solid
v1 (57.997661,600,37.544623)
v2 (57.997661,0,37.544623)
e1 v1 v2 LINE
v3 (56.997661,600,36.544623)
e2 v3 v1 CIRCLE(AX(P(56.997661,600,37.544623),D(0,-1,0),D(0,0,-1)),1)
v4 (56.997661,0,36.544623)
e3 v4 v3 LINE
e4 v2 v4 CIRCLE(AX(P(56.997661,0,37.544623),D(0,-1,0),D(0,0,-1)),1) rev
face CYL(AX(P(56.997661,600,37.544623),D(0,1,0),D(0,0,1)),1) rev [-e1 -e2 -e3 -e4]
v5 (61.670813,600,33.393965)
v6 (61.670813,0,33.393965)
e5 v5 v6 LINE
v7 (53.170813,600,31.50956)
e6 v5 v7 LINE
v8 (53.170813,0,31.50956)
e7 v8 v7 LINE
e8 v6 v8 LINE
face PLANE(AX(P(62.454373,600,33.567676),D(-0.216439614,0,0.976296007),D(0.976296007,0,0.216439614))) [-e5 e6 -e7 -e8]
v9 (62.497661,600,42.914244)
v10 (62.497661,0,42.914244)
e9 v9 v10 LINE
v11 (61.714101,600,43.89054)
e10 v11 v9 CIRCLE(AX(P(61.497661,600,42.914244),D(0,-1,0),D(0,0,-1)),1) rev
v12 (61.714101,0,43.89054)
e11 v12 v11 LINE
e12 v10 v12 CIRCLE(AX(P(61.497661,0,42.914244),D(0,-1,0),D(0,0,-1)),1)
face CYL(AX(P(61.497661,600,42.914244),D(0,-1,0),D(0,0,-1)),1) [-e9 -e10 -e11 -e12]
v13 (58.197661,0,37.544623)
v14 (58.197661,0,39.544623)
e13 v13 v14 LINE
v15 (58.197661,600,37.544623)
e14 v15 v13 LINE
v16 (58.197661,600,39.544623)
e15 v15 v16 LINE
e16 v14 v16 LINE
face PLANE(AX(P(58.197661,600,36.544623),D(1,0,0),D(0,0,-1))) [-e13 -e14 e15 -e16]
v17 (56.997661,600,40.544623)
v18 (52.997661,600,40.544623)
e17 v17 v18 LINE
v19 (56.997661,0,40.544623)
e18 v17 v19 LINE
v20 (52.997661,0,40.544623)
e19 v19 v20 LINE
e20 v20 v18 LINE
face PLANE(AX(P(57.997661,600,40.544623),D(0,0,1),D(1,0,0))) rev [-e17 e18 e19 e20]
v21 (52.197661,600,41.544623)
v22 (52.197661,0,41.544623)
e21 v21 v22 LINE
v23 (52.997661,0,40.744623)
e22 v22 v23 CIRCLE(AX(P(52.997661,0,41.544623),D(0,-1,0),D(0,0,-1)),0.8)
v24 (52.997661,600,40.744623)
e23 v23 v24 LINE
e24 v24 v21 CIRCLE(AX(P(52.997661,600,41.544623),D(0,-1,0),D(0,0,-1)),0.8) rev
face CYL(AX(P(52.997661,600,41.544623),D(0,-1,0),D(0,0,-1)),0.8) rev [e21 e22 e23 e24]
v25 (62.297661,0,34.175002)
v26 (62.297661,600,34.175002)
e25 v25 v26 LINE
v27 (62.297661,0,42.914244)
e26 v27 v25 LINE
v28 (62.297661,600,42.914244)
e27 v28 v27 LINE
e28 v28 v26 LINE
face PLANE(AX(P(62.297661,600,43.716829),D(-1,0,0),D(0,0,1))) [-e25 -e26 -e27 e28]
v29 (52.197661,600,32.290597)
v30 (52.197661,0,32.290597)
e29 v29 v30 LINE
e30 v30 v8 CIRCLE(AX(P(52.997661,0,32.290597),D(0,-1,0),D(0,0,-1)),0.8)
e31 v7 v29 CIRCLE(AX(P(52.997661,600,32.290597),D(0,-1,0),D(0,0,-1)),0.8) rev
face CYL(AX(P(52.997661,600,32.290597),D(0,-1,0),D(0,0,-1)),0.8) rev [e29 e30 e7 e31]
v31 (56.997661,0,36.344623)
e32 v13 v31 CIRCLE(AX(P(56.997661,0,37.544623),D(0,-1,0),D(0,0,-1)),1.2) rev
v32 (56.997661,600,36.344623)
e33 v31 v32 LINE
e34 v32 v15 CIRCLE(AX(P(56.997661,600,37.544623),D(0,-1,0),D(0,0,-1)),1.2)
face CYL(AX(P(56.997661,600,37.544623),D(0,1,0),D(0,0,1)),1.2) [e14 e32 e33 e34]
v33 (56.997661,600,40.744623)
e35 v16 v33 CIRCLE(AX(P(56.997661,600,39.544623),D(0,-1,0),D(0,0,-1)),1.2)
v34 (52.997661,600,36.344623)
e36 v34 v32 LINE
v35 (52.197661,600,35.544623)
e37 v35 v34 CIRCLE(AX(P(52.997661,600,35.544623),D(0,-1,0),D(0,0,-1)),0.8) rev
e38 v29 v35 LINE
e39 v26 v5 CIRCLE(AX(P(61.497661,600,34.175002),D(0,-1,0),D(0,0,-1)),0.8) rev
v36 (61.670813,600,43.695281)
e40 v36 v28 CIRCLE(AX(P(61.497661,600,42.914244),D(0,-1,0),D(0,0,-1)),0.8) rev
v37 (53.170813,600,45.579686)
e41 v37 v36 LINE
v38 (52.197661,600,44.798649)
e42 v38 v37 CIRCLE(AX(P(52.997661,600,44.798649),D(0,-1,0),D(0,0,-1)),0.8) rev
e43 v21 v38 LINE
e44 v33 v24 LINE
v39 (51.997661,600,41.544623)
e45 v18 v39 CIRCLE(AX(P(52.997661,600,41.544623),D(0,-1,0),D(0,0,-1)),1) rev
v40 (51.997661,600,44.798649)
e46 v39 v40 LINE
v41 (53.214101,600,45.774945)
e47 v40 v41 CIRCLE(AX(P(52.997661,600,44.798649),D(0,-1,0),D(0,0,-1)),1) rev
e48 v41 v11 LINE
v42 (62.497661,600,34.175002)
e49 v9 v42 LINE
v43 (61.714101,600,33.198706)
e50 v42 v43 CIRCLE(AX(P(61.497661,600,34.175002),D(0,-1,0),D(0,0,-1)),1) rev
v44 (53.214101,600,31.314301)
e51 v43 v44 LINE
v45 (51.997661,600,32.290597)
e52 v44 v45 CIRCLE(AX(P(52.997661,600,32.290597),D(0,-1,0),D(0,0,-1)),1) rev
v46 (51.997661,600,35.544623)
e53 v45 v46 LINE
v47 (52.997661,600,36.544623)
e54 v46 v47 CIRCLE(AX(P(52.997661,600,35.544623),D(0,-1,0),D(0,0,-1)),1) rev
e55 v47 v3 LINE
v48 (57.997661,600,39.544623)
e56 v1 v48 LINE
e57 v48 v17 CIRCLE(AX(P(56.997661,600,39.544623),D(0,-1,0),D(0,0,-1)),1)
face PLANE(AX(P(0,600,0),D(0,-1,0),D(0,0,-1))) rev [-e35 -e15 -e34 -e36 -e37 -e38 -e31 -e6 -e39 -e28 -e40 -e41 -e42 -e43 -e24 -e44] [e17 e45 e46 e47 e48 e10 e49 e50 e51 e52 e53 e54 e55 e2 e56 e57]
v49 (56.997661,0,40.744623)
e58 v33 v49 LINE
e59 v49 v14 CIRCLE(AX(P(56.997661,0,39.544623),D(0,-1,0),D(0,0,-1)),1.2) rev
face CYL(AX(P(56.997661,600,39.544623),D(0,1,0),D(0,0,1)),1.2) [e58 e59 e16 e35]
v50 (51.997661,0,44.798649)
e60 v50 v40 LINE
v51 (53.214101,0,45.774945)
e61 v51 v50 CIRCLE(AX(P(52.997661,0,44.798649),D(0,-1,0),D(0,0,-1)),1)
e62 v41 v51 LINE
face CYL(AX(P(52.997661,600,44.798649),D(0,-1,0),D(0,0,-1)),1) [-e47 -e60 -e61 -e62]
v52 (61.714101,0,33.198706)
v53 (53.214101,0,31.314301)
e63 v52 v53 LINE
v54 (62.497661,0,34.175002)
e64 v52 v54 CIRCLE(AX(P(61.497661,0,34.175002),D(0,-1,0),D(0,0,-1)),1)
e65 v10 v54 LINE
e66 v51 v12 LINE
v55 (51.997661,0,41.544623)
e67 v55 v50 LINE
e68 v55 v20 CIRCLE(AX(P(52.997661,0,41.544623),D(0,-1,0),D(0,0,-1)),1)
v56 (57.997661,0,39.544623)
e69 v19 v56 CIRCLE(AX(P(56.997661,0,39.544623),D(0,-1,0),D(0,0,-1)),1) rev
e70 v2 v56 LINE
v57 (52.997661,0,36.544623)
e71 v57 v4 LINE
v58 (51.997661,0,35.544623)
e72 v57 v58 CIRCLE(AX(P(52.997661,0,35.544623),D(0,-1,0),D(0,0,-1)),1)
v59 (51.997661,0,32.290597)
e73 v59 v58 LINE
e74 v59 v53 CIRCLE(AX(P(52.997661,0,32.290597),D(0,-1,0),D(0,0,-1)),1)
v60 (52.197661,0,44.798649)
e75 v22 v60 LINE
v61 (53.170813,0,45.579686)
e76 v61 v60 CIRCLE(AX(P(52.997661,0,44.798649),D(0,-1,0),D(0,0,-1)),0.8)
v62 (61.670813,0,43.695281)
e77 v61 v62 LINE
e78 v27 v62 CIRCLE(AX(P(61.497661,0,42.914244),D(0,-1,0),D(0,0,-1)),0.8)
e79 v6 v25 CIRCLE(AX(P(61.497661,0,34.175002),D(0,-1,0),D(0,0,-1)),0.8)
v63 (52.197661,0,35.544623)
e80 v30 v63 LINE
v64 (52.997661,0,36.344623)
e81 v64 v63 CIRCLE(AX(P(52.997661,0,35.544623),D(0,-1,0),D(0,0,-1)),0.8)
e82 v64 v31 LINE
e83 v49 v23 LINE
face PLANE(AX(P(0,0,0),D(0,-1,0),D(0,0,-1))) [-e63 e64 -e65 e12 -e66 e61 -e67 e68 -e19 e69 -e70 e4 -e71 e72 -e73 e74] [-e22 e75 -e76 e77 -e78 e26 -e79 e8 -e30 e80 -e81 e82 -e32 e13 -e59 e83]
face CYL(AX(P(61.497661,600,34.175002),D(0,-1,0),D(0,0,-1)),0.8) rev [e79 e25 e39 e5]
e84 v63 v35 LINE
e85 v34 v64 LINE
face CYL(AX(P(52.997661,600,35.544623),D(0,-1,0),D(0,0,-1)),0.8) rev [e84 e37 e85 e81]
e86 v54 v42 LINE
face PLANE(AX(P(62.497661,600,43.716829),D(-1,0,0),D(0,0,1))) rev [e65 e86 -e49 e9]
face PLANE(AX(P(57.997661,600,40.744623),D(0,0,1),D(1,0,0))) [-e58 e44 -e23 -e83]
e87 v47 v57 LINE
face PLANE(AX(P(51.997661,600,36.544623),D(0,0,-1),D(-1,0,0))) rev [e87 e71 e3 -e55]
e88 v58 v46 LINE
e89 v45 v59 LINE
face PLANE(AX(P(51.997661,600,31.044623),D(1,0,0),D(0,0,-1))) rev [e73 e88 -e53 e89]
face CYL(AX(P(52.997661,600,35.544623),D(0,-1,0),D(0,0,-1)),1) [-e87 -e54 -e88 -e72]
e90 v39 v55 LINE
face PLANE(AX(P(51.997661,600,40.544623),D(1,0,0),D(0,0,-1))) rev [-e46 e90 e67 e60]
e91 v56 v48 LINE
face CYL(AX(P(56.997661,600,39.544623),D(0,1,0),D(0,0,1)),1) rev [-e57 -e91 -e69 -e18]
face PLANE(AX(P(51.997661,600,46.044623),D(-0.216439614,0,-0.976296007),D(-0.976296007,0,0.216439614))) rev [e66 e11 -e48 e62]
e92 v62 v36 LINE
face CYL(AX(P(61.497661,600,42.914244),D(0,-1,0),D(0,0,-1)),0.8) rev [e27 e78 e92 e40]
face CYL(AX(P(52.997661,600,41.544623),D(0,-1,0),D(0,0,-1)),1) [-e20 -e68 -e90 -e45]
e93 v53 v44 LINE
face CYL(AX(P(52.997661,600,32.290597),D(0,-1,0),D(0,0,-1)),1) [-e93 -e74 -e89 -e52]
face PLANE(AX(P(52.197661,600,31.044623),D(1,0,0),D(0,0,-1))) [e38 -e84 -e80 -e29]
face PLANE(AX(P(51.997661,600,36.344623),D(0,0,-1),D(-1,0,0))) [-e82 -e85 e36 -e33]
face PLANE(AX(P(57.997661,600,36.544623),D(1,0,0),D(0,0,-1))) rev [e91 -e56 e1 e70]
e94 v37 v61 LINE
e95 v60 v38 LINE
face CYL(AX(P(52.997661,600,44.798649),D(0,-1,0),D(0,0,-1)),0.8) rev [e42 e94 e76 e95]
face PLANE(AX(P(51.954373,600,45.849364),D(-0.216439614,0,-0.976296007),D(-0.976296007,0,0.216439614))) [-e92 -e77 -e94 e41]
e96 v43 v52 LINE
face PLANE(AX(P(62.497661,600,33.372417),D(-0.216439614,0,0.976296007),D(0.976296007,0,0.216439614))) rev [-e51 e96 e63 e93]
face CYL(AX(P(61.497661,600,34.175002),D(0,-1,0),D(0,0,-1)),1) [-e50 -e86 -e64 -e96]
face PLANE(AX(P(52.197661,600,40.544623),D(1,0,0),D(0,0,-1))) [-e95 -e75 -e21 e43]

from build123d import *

# Parameters (mm, degrees)
BOSS_EXTRUDE1_DEPTH = 600
FILLET1_R           = 1
SHELL3_T            = -0.2


with BuildPart() as part:
    # Sketch1 → Boss-Extrude1 (new body)
    with BuildSketch(Plane(origin=(0, 0, 0), x_dir=(1, 0, 0), z_dir=(0, 1, 0))):
        Polygon((62.497660956, -33.372417048), (51.997660956, -31.04462309), (51.997660956, -36.54462309), (57.997660956, -36.54462309), (57.997660956, -40.54462309), (51.997660956, -40.54462309), (51.997660956, -46.04462309), (62.497660956, -43.716829132), align=None)
    extrude(amount=BOSS_EXTRUDE1_DEPTH)

    # Fillet1
    fillet1_edges = [part.edges().sort_by_distance(p)[0] for p in [
        (62.497660956, 300, 43.716829132),
        (51.997660956, 300, 46.04462309),
        (51.997660956, 300, 40.54462309),
        (57.997660956, 300, 40.54462309),
        (57.997660956, 300, 36.54462309),
        (51.997660956, 300, 36.54462309),
        (51.997660956, 300, 31.04462309),
        (62.497660956, 300, 33.372417048),
    ]]
    fillet(fillet1_edges, radius=FILLET1_R)

    # Shell3
    shell3_openings = [part.faces().sort_by_distance(p)[0] for p in [
        (57.425338322, 600, 32.431348777),
        (57.425338322, 0, 32.431348777),
    ]]
    offset(amount=SHELL3_T, openings=shell3_openings, kind=Kind.INTERSECTION)


solid = part.part
